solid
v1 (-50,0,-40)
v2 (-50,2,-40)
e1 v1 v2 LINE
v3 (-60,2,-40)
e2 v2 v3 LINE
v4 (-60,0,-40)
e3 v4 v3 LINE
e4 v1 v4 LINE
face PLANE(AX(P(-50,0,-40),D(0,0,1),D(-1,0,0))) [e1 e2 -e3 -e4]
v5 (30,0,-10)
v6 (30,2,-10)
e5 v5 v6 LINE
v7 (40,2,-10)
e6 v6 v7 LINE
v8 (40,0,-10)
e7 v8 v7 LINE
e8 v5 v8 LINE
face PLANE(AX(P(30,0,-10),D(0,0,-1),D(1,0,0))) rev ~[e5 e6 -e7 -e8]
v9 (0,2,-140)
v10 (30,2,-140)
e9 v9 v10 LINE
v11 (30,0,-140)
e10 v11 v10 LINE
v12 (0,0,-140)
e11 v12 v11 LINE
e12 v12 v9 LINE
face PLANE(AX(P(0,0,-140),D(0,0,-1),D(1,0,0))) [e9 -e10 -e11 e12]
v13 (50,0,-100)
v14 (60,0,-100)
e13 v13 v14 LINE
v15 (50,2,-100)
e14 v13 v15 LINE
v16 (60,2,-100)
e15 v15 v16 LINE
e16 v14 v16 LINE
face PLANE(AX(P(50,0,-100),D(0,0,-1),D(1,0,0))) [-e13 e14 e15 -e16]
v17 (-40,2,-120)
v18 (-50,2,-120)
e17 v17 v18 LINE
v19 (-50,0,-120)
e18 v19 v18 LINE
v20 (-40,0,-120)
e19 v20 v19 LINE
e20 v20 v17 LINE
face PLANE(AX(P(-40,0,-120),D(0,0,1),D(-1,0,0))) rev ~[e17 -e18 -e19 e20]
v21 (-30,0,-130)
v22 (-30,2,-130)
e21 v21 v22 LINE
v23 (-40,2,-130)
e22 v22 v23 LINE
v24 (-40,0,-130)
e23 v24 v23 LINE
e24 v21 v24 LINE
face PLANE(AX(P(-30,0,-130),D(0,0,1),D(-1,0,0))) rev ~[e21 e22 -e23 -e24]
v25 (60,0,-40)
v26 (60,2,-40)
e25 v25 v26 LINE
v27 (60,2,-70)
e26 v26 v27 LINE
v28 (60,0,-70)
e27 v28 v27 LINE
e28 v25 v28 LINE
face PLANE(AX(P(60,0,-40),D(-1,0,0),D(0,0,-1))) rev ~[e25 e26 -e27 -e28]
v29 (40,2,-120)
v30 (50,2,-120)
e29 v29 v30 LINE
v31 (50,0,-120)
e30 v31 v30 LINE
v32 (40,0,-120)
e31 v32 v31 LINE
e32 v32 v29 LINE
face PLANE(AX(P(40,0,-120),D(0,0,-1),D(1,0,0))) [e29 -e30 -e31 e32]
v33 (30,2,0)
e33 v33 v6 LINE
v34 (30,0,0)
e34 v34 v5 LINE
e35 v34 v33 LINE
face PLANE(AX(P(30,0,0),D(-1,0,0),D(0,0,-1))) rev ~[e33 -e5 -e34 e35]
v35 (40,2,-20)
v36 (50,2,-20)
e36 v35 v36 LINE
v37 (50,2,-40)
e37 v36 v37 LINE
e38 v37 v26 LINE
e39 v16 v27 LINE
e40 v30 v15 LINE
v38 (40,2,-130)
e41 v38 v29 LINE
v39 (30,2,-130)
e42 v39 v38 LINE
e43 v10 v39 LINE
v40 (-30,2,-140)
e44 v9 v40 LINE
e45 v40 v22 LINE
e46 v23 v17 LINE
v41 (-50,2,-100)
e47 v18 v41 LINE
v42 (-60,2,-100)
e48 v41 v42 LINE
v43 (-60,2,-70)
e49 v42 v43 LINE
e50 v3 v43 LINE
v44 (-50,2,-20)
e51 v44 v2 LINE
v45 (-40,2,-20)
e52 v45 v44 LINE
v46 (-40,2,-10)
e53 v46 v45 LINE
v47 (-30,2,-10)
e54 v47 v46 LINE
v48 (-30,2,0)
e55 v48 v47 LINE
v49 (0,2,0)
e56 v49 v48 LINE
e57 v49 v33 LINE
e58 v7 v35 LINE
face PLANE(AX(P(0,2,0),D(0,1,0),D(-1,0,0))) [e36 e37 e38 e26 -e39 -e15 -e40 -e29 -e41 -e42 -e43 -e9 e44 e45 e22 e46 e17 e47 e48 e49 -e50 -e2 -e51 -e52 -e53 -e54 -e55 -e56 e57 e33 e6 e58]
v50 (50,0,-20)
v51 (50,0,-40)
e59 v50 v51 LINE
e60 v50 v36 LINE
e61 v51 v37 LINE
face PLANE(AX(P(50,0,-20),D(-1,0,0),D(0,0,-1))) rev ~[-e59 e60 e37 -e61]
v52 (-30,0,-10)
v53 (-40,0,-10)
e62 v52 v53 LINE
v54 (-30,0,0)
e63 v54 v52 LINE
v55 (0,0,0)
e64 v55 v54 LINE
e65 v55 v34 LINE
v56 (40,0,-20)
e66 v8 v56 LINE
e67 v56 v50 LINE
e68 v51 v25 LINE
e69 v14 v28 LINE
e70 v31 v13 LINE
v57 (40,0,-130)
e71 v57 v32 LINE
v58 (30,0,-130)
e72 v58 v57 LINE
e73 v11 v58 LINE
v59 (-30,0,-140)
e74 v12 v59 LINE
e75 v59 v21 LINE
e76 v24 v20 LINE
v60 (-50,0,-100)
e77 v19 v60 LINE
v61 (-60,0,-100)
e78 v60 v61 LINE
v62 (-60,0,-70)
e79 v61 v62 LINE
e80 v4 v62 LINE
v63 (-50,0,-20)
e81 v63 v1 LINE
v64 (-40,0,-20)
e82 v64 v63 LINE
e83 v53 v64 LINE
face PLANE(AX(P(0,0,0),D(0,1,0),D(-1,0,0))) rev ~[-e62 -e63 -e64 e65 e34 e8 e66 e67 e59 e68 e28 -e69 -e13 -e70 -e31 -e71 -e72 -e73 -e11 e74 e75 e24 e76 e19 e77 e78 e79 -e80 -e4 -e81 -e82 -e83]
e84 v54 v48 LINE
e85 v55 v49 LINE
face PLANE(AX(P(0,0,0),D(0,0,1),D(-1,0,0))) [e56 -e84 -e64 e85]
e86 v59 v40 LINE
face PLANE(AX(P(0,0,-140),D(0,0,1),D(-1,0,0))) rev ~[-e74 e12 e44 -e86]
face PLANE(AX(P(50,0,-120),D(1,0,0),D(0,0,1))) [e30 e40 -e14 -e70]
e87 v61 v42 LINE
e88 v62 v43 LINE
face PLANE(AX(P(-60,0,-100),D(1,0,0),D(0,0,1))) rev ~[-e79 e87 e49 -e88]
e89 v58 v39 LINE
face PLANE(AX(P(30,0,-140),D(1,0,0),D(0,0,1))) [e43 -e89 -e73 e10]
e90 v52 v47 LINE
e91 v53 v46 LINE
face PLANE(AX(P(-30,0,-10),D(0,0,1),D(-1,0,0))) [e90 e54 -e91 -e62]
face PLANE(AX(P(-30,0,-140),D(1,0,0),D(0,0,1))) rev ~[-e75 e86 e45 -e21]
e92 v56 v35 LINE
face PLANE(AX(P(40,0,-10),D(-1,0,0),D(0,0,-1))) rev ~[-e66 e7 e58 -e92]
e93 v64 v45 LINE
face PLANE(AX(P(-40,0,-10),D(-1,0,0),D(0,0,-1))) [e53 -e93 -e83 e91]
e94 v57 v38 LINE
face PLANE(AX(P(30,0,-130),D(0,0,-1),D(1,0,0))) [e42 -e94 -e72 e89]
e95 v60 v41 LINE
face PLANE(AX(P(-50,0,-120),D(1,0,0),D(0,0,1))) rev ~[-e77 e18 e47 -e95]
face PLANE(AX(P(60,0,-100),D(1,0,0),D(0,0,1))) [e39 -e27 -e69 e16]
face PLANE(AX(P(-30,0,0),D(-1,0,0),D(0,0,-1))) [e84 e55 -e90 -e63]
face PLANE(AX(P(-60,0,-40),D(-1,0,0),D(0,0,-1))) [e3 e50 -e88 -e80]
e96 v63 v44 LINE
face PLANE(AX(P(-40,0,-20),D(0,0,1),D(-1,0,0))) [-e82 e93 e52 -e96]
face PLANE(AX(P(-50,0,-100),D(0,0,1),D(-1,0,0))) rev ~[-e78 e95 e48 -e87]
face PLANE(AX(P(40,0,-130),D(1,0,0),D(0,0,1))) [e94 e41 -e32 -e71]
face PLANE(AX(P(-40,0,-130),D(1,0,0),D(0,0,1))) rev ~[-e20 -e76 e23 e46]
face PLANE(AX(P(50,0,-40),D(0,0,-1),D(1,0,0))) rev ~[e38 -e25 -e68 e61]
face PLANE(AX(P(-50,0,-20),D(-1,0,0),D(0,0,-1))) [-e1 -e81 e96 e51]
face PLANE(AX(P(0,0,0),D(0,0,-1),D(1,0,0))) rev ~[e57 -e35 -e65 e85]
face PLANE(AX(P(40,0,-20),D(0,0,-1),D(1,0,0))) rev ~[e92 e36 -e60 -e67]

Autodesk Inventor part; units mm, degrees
ref_plane "YZ Plane" through (0, 0, 0) normal (1, 0, 0) x (0, 1, 0)
ref_plane "XZ Plane" through (0, 0, 0) normal (0, 1, 0) x (-1, 0, 0)
ref_plane "XY Plane" through (0, 0, 0) normal (0, 0, 1) x (1, 0, 0)
sketch "Sketch1" plane through (0, 0, 0) normal (0, 1, 0) x (-1, 0, 0)
  line L0 (0, 0) -> (30, 0)
  line L1 (30, 0) -> (30, -10)
  line L2 (30, -10) -> (40, -10)
  line L3 (40, -10) -> (40, -20)
  line L4 (40, -20) -> (50, -20)
  line L5 (50, -20) -> (50, -40)
  line L6 (50, -40) -> (60, -40)
  line L7 (60, -40) -> (60, -70)
  line L8 (0, 0) -> (0, -70) construction
  line L9 (60, -70) -> (0, -70) construction
  line L10 (0, -140) -> (30, -140)
  line L11 (30, -140) -> (30, -130)
  line L12 (30, -130) -> (40, -130)
  line L13 (40, -130) -> (40, -120)
  line L14 (40, -120) -> (50, -120)
  line L15 (50, -120) -> (50, -100)
  line L16 (50, -100) -> (60, -100)
  line L17 (60, -100) -> (60, -70)
  line L18 (0, 0) -> (-30, 0)
  line L19 (-30, 0) -> (-30, -10)
  line L20 (-30, -10) -> (-40, -10)
  line L21 (-40, -10) -> (-40, -20)
  line L22 (-40, -20) -> (-50, -20)
  line L23 (-50, -20) -> (-50, -40)
  line L24 (-50, -40) -> (-60, -40)
  line L25 (-60, -40) -> (-60, -70)
  line L26 (0, -140) -> (-30, -140)
  line L27 (-30, -140) -> (-30, -130)
  line L28 (-30, -130) -> (-40, -130)
  line L29 (-40, -130) -> (-40, -120)
  line L30 (-40, -120) -> (-50, -120)
  line L31 (-50, -120) -> (-50, -100)
  line L32 (-50, -100) -> (-60, -100)
  line L33 (-60, -100) -> (-60, -70)
  dimension "d0" = 10
  dimension "d1" = 30
  dimension "d2" = 10
  dimension "d3" = 10
  dimension "d4" = 20
  dimension "d5" = 30
  dimension "d6" = 10
  dimension "d7" = 10
extrude "Extrusion1" add sketch "Sketch1" along normal blind 2
equation "\"d1\" = 3 * d0"
equation "\"d2\" = d0"
equation "\"d3\" = d0"
equation "\"d4\" = 2 * d0"
equation "\"d5\" = 3 * d0"
equation "\"d6\" = d0"
equation "\"d7\" = d0"
properties part number "Shell"
